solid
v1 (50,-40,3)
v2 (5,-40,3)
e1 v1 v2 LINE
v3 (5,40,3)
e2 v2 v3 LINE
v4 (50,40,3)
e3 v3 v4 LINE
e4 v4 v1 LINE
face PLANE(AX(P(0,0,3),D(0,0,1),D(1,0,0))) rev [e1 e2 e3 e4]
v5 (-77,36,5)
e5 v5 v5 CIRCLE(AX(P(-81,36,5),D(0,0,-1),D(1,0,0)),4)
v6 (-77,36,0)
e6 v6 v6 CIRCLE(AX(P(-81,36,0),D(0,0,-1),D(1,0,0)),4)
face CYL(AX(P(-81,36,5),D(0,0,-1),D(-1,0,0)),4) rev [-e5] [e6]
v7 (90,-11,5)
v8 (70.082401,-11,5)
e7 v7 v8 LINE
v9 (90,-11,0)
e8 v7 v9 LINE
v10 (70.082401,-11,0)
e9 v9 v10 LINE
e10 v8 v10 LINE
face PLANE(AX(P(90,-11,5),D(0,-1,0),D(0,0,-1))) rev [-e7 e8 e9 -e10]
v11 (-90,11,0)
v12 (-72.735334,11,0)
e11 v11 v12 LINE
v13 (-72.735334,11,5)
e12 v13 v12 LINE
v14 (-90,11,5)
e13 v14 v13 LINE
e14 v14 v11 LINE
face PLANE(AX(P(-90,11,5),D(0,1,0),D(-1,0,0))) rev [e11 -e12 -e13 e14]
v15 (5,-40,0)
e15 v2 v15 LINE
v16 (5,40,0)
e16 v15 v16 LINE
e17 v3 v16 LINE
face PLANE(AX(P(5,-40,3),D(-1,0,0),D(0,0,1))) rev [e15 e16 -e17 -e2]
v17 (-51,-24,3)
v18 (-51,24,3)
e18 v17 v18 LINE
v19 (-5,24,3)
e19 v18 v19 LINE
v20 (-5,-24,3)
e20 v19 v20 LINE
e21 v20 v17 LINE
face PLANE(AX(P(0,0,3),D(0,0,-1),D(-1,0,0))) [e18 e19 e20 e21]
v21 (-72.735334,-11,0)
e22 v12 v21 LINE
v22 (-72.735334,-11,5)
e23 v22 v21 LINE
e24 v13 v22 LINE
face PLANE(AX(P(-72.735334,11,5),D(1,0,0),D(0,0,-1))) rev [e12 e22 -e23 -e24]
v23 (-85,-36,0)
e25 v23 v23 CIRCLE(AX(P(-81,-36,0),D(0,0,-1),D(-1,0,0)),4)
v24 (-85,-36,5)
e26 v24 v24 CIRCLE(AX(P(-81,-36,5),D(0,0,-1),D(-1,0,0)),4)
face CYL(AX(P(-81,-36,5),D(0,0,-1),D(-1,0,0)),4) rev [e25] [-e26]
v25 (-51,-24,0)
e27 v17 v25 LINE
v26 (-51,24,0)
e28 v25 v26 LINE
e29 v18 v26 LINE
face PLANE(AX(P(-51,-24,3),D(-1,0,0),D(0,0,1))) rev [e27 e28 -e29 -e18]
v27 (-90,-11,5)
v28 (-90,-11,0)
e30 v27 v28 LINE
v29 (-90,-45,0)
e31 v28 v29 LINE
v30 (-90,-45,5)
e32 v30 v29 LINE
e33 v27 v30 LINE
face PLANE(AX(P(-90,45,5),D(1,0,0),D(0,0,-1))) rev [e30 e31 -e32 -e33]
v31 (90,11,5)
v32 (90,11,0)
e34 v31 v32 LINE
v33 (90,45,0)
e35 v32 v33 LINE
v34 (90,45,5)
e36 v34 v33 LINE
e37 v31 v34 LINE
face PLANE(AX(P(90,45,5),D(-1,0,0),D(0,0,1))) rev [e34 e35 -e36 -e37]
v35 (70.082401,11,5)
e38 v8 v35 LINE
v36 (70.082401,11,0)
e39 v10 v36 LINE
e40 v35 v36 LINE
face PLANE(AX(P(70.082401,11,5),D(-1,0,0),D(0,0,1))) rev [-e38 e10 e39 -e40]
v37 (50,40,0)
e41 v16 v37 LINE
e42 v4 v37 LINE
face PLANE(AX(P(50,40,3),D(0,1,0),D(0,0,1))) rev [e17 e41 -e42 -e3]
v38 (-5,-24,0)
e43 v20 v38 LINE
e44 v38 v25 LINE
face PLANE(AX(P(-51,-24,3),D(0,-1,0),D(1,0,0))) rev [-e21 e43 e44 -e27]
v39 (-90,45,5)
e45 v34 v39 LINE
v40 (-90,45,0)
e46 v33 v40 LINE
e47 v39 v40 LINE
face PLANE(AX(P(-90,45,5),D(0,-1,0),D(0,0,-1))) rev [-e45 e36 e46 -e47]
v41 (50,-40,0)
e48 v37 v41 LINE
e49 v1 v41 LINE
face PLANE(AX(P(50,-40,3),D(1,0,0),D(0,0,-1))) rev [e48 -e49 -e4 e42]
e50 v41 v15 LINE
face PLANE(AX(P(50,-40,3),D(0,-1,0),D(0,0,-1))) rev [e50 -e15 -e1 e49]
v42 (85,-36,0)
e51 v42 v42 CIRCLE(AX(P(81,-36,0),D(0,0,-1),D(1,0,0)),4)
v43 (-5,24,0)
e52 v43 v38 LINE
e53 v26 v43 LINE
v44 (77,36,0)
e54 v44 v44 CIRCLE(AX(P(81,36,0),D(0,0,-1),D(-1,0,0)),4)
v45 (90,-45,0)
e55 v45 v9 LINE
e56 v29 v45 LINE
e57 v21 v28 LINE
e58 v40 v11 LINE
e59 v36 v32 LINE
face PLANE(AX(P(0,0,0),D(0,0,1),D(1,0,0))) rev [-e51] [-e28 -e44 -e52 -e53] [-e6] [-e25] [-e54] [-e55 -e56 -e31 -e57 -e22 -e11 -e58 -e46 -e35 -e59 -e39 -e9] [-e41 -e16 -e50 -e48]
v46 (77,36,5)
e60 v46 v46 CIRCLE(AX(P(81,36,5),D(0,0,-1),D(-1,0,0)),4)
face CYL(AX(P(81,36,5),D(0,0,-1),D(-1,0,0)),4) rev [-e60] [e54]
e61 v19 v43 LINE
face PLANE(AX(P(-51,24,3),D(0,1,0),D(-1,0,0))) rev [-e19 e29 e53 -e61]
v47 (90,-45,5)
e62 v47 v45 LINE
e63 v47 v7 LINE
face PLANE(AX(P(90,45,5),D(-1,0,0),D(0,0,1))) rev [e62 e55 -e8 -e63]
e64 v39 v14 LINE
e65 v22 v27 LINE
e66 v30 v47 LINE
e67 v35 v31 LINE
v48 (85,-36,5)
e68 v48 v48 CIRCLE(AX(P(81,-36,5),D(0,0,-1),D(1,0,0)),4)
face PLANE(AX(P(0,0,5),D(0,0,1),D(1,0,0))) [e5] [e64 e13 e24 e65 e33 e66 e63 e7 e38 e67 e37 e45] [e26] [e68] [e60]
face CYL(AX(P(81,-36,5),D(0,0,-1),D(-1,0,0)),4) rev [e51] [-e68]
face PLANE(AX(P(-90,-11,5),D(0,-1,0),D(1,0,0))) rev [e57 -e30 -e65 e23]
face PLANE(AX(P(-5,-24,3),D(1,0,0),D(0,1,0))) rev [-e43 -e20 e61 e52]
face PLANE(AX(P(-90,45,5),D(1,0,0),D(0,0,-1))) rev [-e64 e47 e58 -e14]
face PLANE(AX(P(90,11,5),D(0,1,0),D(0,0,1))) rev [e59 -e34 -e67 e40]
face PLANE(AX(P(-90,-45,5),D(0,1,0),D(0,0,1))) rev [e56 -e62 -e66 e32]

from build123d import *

# Parameters (mm, degrees)
SKETCH1_W           = 180
SKETCH1_H           = 90
BOSS_EXTRUDE1_DEPTH = 5
SKETCH5_W           = 15.917599426
SKETCH5_H           = 22
SKETCH5_W_2         = 13.264666189
CUT_EXTRUDE3_DEPTH  = 101.747208398
SKETCH7_W           = 4
SKETCH7_H           = 22
CUT_EXTRUDE13_DEPTH = 101.747208398
SKETCH8_R           = 4
CUT_EXTRUDE14_DEPTH = 101.747208398
SKETCH9_W           = 45
SKETCH9_H           = 80
CUT_EXTRUDE15_DEPTH = 3
SKETCH10_W          = 46
SKETCH10_H          = 48
CUT_EXTRUDE16_DEPTH = 3


with BuildPart() as part:
    # Sketch1 → Boss-Extrude1 (new body)
    with BuildSketch(Plane.XY):
        Rectangle(SKETCH1_W, SKETCH1_H)
    extrude(amount=BOSS_EXTRUDE1_DEPTH)

    # Sketch5 → Cut-Extrude3 (cut, through all)
    with BuildSketch(Plane(origin=(0, 0, 0), x_dir=(-1, 0, 0), z_dir=(0, 0, -1))):
        with Locations((-82.041200287, 0)):
            Rectangle(SKETCH5_W, SKETCH5_H)
        with Locations((83.367666906, 0)):
            Rectangle(SKETCH5_W_2, SKETCH5_H)
    extrude(amount=-CUT_EXTRUDE3_DEPTH, mode=Mode.SUBTRACT)

    # Sketch7 → Cut-Extrude13 (cut, through all)
    with BuildSketch(Plane(origin=(0, 0, 0), x_dir=(-1, 0, 0), z_dir=(0, 0, -1))):
        with Locations((-72.082400574, 0)):
            Rectangle(SKETCH7_W, SKETCH7_H)
        with Locations((74.735333811, 0)):
            Rectangle(SKETCH7_W, SKETCH7_H)
    extrude(amount=-CUT_EXTRUDE13_DEPTH, mode=Mode.SUBTRACT)

    # Sketch8 → Cut-Extrude14 (cut, through all)
    with BuildSketch(Plane(origin=(0, 0, 0), x_dir=(-1, 0, 0), z_dir=(0, 0, -1))):
        with Locations((-81, 36)):
            Circle(SKETCH8_R)
        with Locations(Location((81, 36, 0), (0, 0, 180))):
            Circle(SKETCH8_R)
        with Locations((81, -36)):
            Circle(SKETCH8_R)
        with Locations(Location((-81, -36, 0), (0, 0, 180))):
            Circle(SKETCH8_R)
    extrude(amount=-CUT_EXTRUDE14_DEPTH, mode=Mode.SUBTRACT)

    # Sketch9 → Cut-Extrude15 (cut)
    with BuildSketch(Plane(origin=(0, 0, 0), x_dir=(-1, 0, 0), z_dir=(0, 0, -1))):
        with Locations((-27.5, 0)):
            Rectangle(SKETCH9_W, SKETCH9_H)
    extrude(amount=-CUT_EXTRUDE15_DEPTH, mode=Mode.SUBTRACT)

    # Sketch10 → Cut-Extrude16 (cut)
    with BuildSketch(Plane(origin=(0, 0, 0), x_dir=(-1, 0, 0), z_dir=(0, 0, -1))):
        with Locations((28, 0)):
            Rectangle(SKETCH10_W, SKETCH10_H)
    extrude(amount=-CUT_EXTRUDE16_DEPTH, mode=Mode.SUBTRACT)


solid = part.part
